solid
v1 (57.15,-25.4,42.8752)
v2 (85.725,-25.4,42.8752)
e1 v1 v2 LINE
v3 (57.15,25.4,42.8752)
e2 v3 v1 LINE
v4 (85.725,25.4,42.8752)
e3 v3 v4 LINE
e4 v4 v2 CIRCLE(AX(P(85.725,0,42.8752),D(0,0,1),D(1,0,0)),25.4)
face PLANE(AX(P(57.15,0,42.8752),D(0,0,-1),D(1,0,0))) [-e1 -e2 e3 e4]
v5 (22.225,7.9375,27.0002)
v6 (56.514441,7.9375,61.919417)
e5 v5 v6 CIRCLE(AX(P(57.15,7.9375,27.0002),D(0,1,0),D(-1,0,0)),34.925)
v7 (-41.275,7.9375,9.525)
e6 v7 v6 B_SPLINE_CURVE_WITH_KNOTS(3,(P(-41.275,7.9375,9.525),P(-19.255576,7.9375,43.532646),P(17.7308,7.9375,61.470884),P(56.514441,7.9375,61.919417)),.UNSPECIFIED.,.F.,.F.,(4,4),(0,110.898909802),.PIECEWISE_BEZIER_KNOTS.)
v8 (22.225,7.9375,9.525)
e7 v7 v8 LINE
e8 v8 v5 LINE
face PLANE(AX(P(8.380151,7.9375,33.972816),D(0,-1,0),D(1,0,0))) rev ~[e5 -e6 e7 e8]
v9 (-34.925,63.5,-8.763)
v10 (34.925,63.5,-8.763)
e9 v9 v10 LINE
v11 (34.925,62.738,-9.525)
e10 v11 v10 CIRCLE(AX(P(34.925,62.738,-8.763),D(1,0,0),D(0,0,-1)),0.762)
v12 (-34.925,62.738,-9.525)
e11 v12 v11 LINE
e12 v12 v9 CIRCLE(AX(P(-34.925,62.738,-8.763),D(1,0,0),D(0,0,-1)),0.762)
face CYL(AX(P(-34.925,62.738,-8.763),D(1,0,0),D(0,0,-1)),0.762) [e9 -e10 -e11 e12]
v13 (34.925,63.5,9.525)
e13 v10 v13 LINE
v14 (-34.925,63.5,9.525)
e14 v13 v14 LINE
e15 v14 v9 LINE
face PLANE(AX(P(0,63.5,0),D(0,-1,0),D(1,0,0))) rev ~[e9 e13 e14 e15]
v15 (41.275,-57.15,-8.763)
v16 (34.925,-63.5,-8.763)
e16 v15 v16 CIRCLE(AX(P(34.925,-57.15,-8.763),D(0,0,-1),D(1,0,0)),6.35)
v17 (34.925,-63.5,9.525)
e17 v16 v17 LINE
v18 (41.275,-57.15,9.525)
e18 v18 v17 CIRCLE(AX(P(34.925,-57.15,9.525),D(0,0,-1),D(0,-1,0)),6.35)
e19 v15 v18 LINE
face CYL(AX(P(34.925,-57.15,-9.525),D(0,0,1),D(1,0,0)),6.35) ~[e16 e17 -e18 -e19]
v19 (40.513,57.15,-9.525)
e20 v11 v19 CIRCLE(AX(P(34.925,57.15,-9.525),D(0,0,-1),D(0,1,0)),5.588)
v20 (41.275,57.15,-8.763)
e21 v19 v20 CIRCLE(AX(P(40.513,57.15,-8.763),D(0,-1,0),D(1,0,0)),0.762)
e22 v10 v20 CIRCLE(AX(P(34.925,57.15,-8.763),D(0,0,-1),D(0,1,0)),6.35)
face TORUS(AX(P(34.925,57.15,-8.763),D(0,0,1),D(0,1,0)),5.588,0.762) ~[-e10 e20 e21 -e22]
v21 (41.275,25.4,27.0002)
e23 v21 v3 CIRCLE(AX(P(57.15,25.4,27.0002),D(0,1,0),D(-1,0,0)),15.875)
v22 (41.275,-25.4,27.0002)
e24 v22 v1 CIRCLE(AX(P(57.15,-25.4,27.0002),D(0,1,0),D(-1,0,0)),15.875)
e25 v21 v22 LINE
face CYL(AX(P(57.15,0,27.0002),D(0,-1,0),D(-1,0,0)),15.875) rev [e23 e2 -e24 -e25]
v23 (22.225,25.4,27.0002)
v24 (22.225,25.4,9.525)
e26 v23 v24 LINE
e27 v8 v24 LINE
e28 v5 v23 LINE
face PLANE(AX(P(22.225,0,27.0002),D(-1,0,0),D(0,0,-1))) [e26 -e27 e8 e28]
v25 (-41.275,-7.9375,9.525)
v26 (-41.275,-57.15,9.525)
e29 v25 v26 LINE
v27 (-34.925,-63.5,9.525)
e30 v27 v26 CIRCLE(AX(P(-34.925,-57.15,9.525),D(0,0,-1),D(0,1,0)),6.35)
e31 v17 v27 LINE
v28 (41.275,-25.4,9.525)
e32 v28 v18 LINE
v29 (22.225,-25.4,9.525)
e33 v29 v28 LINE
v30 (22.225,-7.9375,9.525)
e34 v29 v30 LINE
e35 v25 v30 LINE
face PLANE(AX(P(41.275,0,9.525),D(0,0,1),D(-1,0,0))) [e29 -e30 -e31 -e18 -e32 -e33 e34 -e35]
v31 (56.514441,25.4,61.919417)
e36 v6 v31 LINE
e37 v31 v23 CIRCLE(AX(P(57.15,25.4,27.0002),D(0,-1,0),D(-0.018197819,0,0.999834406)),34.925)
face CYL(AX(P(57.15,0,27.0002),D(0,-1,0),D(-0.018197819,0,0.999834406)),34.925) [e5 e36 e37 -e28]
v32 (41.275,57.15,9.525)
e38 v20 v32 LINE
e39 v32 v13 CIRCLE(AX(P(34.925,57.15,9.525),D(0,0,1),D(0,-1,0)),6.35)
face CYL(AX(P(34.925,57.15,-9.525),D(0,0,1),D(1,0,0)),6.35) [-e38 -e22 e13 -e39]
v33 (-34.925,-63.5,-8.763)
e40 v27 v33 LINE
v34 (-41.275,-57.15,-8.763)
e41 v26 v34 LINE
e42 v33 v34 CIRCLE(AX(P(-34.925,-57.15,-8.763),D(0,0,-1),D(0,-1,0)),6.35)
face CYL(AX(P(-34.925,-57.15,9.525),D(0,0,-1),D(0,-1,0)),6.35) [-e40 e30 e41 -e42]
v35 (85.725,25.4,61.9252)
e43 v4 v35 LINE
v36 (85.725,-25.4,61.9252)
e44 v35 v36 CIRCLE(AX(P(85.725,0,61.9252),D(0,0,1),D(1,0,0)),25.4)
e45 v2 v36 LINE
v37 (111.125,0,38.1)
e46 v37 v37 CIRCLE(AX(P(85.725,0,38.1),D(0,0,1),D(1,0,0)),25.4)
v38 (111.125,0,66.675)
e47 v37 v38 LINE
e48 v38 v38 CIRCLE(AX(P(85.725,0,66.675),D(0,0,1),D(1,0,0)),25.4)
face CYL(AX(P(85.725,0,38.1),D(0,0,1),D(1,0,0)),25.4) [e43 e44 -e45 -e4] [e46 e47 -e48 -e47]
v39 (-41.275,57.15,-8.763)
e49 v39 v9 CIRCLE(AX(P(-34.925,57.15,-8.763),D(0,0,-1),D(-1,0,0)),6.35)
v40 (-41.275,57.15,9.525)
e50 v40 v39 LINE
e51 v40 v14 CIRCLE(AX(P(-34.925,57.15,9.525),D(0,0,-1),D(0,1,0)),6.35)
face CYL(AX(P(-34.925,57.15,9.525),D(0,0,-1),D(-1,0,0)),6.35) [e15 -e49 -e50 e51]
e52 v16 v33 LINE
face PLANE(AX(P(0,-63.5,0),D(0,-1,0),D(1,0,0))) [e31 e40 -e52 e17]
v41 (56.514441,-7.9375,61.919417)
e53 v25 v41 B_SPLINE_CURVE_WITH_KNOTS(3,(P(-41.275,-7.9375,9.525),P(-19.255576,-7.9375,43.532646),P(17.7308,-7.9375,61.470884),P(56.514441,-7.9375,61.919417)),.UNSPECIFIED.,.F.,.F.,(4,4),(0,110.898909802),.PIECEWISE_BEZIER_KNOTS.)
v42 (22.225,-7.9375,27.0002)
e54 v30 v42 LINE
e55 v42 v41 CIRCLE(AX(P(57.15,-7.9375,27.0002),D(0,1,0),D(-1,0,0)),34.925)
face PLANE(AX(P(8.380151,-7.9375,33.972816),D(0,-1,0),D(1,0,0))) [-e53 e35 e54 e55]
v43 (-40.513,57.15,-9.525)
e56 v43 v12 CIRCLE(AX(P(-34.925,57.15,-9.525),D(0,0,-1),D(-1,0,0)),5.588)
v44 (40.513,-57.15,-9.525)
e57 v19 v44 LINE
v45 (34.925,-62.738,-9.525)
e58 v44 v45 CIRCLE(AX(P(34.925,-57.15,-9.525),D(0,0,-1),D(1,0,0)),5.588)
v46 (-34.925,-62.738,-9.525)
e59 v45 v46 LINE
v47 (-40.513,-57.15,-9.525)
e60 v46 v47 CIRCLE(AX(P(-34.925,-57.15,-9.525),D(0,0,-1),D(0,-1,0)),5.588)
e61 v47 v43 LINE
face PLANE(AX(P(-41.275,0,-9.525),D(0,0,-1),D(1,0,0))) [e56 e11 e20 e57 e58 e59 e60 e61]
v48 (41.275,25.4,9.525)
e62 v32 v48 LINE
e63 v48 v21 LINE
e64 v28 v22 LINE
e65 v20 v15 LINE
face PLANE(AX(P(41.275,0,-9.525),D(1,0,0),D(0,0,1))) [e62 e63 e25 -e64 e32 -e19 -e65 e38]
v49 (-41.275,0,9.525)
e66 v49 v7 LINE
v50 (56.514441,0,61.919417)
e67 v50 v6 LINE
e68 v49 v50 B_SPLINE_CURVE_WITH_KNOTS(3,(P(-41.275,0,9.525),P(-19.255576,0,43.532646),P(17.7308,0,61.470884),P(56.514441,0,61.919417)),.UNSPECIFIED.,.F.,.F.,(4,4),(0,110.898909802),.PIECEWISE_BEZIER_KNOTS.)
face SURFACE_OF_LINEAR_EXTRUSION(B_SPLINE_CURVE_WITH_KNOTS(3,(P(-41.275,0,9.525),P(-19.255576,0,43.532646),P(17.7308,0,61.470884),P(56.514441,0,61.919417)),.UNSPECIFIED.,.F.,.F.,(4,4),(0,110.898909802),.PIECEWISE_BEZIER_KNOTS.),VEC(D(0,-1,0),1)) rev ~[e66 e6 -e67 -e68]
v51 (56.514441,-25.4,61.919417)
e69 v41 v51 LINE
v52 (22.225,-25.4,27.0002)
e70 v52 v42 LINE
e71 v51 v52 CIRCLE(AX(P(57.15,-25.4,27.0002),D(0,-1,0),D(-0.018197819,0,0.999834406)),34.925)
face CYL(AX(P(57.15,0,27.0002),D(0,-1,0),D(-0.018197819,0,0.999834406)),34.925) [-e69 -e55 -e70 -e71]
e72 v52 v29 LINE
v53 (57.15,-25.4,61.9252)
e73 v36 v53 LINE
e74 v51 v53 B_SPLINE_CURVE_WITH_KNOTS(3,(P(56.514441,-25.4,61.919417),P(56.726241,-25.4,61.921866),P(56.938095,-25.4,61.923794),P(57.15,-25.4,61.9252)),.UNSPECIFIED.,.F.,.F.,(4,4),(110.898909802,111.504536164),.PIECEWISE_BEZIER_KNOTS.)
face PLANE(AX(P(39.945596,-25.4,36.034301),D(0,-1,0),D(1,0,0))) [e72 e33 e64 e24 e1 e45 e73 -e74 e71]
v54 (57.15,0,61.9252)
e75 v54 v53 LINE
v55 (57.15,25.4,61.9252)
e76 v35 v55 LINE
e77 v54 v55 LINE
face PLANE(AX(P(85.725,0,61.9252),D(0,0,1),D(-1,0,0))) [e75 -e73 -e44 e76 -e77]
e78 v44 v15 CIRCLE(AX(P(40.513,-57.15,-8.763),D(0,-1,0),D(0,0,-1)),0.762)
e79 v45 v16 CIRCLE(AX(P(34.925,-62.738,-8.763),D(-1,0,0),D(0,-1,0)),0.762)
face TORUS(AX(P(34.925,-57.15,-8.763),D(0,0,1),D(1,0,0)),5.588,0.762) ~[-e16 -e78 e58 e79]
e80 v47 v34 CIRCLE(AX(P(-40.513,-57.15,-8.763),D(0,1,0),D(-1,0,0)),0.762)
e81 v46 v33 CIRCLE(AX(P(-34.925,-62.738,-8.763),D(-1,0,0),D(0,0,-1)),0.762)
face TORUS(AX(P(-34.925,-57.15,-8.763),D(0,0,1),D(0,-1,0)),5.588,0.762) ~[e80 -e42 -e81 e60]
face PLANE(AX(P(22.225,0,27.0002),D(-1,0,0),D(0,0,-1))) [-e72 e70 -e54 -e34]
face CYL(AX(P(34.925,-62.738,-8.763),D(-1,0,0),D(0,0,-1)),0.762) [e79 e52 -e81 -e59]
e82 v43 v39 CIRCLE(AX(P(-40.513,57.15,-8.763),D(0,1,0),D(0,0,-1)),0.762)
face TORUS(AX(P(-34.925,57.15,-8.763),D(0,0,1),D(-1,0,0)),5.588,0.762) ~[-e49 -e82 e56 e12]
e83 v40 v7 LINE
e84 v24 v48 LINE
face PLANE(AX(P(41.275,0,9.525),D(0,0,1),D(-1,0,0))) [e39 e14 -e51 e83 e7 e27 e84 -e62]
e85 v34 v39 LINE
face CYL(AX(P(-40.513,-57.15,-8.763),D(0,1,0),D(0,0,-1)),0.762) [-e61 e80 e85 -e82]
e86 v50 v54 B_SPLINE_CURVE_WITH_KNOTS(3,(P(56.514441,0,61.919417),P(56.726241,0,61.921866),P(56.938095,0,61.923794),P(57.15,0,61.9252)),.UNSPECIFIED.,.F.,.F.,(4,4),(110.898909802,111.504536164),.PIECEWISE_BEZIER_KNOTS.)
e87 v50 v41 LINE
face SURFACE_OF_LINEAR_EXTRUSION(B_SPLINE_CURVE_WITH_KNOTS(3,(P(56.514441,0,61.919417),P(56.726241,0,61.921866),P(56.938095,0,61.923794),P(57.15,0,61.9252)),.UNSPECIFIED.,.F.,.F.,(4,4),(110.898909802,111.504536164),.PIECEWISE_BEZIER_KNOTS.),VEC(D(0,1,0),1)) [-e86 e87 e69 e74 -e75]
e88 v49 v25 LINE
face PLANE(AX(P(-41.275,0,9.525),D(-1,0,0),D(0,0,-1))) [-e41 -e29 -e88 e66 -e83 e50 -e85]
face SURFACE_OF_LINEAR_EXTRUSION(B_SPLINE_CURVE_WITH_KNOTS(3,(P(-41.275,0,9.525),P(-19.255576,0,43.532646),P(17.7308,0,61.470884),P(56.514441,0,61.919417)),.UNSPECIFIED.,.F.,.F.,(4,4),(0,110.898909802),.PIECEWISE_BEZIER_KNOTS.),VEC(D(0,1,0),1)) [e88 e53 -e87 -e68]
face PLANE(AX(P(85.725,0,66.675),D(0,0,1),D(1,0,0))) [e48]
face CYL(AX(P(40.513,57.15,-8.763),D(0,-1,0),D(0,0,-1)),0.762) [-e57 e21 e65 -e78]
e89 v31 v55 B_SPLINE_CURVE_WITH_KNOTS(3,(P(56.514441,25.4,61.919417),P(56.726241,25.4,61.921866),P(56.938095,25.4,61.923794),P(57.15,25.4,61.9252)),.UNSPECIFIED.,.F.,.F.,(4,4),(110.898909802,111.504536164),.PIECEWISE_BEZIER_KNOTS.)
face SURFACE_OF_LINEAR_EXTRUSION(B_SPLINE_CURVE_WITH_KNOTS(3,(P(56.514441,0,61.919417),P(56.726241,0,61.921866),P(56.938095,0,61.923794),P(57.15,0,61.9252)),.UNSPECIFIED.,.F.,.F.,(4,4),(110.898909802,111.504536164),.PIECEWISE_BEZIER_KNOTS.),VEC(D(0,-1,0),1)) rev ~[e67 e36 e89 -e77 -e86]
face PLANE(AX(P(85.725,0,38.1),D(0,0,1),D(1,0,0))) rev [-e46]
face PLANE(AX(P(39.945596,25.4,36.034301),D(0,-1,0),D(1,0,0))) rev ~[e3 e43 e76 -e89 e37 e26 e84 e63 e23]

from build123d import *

# Parameters (mm, degrees)
F1_DEPTH = 63.5
F0_W     = 25.4
F0_H     = 19.05
F2_DEPTH = 25.4
F3_DEPTH = 7.9375
F5_R     = 6.35
F6_R     = 0.762


with BuildPart() as f1:
    # F0 (on Front) → F1 (new body, symmetric)
    with BuildSketch(Plane.XZ):
        Polygon((41.275, -9.525), (41.275, 9.525), (22.225, 9.525), (-41.275, 9.525), (-41.275, -9.525), align=None)
    extrude(amount=F1_DEPTH, both=True)

    # F0 (on Front) → F2 (join, symmetric)
    with BuildSketch(Plane.XZ):
        with BuildLine():
            Line((22.225, 9.525), (41.275, 9.525))
            Line((41.275, 9.525), (41.275, 27.0002))
            ThreePointArc((41.275, 27.0002), (45.9246798487, 38.2255201513), (57.15, 42.8752))
            Line((57.15, 42.8752), (60.325, 42.8752))
            Line((60.325, 42.8752), (60.325, 61.9252))
            Line((60.325, 61.9252), (57.15, 61.9252))
            add(Edge.make_bspline(
                [(56.5144411646, 61.9194166288), (56.7262412244, 61.9218660962), (56.9380948845, 61.9237939637), (57.15, 61.9252)],
                knots=[110.8989098022, 110.8989098022, 110.8989098022, 110.8989098022, 111.5045361635, 111.5045361635, 111.5045361635, 111.5045361635], degree=3))
            ThreePointArc((56.5144411646, 61.9194166288), (32.2306047693, 51.4701686623), (22.225, 27.0002))
            Line((22.225, 27.0002), (22.225, 9.525))
        make_face()
        with Locations((73.025, 52.4002)):
            Rectangle(F0_W, F0_H)
    extrude(amount=F2_DEPTH, both=True)

    # F0 (on Front) → F3 (join, symmetric)
    with BuildSketch(Plane.XZ):
        with BuildLine():
            Line((-41.275, 9.525), (22.225, 9.525))
            Line((22.225, 9.525), (22.225, 27.0002))
            ThreePointArc((22.225, 27.0002), (32.2306047693, 51.4701686623), (56.5144411646, 61.9194166288))
            add(Edge.make_bspline(
                [(-41.275, 9.525), (-19.2555756955, 43.5326460608), (17.7307995872, 61.4708838699), (56.5144411646, 61.9194166288)],
                knots=[0, 0, 0, 0, 110.8989098022, 110.8989098022, 110.8989098022, 110.8989098022], degree=3))
        make_face()
    extrude(amount=F3_DEPTH, both=True)

    # F0 (on Front) → F4 (revolve)
    with BuildSketch(Plane.XZ):
        Polygon((85.725, 61.9252), (85.725, 42.8752), (85.725, 38.1), (111.125, 38.1), (111.125, 66.675), (85.725, 66.675), align=None)
    revolve(axis=Axis((85.725, 0, 52.3875), (0, 0, 1)))

    # F5
    f5_edges = [f1.edges().sort_by_distance(p)[0] for p in [
        (-41.275, -63.5, 0),
        (41.275, -63.5, 0),
        (41.275, 63.5, 0),
        (-41.275, 63.5, 0),
    ]]
    fillet(f5_edges, radius=F5_R)

    # F6
    f6_edges = [f1.edges().sort_by_distance(p)[0] for p in [
        (0, 63.5, -9.525),
        (-39.415128, 61.640128, -9.525),
        (39.415128, 61.640128, -9.525),
        (-41.275, 0, -9.525),
        (41.275, 0, -9.525),
        (-39.415128, -61.640128, -9.525),
        (39.415128, -61.640128, -9.525),
        (0, -63.5, -9.525),
    ]]
    fillet(f6_edges, radius=F6_R)


solid = f1.part
